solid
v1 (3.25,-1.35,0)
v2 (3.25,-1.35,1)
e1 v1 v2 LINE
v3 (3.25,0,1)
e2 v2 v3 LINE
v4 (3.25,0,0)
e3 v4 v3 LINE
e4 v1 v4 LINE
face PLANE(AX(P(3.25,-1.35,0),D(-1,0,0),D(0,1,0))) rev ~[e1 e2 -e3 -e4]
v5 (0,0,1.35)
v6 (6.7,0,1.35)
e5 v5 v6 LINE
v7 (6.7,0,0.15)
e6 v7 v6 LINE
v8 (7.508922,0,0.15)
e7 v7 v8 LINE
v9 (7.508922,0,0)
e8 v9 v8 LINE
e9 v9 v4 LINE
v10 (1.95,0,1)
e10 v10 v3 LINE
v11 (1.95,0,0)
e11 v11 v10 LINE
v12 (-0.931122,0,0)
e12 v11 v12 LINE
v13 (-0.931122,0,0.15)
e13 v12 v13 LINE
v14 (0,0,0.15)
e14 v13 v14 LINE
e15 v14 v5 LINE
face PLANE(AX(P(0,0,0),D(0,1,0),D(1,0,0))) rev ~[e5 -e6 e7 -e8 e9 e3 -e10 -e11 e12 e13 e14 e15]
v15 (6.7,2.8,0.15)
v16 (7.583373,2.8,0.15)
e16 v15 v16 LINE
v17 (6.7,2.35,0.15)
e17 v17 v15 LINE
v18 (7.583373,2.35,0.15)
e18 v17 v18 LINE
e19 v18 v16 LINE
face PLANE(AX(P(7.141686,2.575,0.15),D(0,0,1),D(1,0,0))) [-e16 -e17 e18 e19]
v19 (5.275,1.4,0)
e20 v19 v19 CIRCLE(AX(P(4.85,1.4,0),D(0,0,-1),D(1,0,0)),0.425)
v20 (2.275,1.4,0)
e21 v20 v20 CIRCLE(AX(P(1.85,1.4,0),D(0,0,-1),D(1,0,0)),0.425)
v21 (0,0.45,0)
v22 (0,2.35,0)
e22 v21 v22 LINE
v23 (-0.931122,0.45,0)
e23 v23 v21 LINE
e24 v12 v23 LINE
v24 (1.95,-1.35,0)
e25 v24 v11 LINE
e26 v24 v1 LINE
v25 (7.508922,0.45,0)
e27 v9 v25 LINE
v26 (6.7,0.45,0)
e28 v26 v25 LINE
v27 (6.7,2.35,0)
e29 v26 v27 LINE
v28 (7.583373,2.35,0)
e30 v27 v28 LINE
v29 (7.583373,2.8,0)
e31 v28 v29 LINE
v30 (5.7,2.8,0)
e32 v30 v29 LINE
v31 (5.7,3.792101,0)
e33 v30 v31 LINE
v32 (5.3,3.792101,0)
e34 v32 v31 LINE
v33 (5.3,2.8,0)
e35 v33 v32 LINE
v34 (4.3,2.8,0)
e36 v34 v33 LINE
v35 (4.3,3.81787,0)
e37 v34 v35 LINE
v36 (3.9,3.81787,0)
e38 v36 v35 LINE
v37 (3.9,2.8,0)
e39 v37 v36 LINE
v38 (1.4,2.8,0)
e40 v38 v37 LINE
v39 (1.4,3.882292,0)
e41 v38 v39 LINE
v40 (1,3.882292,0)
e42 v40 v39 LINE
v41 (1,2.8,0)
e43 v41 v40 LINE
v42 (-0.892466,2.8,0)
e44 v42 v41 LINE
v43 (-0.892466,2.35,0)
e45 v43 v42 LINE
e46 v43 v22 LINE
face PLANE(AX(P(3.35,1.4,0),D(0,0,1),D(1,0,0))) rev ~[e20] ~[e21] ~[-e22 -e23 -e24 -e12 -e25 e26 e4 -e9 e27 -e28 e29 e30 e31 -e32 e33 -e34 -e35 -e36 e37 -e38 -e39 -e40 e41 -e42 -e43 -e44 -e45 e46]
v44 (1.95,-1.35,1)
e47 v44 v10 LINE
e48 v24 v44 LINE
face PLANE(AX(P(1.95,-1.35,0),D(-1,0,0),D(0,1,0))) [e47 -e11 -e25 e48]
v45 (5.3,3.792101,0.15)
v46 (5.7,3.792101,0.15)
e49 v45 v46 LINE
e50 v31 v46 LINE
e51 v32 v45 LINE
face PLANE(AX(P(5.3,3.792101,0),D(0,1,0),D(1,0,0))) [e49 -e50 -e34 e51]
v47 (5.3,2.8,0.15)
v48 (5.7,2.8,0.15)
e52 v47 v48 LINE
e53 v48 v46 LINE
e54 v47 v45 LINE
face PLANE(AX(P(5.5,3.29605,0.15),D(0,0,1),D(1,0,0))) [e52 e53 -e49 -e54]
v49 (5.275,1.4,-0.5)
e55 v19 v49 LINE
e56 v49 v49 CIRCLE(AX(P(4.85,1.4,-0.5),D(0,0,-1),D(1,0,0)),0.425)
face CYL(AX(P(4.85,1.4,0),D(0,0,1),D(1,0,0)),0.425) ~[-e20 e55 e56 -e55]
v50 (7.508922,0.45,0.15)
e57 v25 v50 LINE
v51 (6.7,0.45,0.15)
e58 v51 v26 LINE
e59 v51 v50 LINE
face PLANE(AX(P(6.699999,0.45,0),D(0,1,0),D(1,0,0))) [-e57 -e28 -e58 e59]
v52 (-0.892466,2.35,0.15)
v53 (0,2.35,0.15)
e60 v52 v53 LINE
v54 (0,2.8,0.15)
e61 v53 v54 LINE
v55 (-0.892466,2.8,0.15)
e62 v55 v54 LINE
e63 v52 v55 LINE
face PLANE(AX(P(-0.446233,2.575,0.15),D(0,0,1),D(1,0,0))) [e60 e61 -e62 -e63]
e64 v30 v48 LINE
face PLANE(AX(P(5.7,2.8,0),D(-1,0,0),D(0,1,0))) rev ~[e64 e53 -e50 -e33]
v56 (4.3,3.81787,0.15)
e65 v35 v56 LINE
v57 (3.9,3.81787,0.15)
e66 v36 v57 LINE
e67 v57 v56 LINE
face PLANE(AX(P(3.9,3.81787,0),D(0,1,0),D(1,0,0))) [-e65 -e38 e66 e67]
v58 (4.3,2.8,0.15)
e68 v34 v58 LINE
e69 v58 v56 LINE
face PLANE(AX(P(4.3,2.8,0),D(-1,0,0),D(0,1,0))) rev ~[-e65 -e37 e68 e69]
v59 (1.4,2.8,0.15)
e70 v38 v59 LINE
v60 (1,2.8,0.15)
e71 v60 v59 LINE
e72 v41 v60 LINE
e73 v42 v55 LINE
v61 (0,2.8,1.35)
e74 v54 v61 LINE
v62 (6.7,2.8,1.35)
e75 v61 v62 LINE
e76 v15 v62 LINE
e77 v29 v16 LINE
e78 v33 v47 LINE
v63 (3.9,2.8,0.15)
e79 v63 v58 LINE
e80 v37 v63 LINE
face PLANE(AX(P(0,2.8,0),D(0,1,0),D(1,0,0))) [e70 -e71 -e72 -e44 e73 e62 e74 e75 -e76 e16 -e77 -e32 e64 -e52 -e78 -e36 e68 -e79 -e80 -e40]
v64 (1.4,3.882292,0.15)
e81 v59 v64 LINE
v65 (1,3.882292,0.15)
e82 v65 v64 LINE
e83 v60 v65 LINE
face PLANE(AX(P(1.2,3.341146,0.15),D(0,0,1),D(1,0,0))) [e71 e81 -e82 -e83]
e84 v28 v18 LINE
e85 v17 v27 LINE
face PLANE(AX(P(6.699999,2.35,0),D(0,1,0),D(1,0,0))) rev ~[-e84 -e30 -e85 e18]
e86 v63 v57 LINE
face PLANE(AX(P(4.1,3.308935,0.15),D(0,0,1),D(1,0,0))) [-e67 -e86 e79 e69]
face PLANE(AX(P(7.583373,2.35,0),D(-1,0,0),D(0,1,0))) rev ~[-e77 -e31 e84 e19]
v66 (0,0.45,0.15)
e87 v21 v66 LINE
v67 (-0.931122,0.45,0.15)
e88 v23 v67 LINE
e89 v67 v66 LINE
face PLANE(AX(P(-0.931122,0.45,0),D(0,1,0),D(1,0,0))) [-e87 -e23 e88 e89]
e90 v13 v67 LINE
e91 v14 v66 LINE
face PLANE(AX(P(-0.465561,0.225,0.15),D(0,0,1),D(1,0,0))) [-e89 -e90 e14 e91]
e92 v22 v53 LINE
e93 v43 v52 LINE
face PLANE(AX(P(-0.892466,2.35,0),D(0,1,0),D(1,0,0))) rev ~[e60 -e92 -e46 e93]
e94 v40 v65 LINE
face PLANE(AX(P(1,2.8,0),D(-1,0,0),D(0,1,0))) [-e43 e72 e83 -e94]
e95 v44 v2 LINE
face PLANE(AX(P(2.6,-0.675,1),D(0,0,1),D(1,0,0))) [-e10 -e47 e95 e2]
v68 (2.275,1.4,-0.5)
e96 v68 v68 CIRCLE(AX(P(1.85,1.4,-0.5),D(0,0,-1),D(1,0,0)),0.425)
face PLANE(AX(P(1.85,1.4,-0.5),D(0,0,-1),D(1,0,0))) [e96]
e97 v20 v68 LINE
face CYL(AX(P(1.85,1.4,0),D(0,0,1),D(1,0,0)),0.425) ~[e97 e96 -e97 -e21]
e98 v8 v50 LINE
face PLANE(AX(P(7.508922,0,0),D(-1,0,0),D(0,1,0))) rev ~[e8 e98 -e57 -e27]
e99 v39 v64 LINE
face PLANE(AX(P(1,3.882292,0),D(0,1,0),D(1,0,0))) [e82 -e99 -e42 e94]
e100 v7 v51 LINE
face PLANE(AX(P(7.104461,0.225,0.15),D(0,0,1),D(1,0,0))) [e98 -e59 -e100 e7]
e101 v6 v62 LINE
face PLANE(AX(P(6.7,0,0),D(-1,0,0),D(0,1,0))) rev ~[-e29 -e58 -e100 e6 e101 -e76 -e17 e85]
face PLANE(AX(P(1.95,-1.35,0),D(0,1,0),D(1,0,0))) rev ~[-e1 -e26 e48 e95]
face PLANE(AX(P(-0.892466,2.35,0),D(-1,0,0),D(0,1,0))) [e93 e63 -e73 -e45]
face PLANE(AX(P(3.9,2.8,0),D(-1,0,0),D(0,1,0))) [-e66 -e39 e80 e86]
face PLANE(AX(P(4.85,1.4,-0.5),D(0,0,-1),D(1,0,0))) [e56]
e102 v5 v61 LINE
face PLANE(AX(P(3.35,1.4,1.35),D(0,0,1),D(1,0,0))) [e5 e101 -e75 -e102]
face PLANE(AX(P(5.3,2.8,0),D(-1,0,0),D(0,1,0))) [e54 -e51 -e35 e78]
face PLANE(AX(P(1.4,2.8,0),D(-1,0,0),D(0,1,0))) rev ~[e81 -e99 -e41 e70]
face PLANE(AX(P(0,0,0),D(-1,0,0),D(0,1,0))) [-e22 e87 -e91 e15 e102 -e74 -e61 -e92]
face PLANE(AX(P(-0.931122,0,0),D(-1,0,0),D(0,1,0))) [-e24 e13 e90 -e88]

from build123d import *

# Parameters (mm, degrees)
F0_W     = 6.7
F0_H     = 2.8
F1_DEPTH = 1.35
F2_W     = 0.4
F2_H     = 0.992101
F2_H_2   = 1.01787
F2_H_3   = 1.082292
F2_W_2   = 0.883373
F2_H_4   = 0.45
F2_W_3   = 0.808923
F2_W_4   = 0.892466
F2_W_5   = 0.931122
F3_DEPTH = 0.15
F4_W     = 1.3
F4_H     = 1.35
F5_DEPTH = 1
F6_R     = 0.425
F7_DEPTH = 0.5


with BuildPart() as f1:
    # F0 (on Top) → F1 (new body)
    with BuildSketch(Plane.XY):
        with Locations((3.35, 1.4)):
            Rectangle(F0_W, F0_H)
    extrude(amount=F1_DEPTH)

    # F2 (on Top) → F3 (join)
    with BuildSketch(Plane.XY):
        with Locations((5.5, 3.29605)):
            Rectangle(F2_W, F2_H)
        with Locations((4.1, 3.308935)):
            Rectangle(F2_W, F2_H_2)
        with Locations((1.2, 3.341146)):
            Rectangle(F2_W, F2_H_3)
        with Locations((7.141686, 2.575)):
            Rectangle(F2_W_2, F2_H_4)
        with Locations((7.104461, 0.225)):
            Rectangle(F2_W_3, F2_H_4)
        with Locations((-0.446233, 2.575)):
            Rectangle(F2_W_4, F2_H_4)
        with Locations((-0.465561, 0.225)):
            Rectangle(F2_W_5, F2_H_4)
    extrude(amount=F3_DEPTH)

    # F4 (on Top) → F5 (join)
    with BuildSketch(Plane.XY):
        with Locations((2.6, -0.675)):
            Rectangle(F4_W, F4_H)
    extrude(amount=F5_DEPTH)

    # F6 (on face) → F7 (join)
    with BuildSketch(Plane(origin=(0, 0, 0), x_dir=(1, 0, 0), z_dir=(0, 0, -1))):
        with Locations((4.85, -1.4)):
            Circle(F6_R)
        with Locations((1.85, -1.4)):
            Circle(F6_R)
    extrude(amount=F7_DEPTH)


solid = f1.part
